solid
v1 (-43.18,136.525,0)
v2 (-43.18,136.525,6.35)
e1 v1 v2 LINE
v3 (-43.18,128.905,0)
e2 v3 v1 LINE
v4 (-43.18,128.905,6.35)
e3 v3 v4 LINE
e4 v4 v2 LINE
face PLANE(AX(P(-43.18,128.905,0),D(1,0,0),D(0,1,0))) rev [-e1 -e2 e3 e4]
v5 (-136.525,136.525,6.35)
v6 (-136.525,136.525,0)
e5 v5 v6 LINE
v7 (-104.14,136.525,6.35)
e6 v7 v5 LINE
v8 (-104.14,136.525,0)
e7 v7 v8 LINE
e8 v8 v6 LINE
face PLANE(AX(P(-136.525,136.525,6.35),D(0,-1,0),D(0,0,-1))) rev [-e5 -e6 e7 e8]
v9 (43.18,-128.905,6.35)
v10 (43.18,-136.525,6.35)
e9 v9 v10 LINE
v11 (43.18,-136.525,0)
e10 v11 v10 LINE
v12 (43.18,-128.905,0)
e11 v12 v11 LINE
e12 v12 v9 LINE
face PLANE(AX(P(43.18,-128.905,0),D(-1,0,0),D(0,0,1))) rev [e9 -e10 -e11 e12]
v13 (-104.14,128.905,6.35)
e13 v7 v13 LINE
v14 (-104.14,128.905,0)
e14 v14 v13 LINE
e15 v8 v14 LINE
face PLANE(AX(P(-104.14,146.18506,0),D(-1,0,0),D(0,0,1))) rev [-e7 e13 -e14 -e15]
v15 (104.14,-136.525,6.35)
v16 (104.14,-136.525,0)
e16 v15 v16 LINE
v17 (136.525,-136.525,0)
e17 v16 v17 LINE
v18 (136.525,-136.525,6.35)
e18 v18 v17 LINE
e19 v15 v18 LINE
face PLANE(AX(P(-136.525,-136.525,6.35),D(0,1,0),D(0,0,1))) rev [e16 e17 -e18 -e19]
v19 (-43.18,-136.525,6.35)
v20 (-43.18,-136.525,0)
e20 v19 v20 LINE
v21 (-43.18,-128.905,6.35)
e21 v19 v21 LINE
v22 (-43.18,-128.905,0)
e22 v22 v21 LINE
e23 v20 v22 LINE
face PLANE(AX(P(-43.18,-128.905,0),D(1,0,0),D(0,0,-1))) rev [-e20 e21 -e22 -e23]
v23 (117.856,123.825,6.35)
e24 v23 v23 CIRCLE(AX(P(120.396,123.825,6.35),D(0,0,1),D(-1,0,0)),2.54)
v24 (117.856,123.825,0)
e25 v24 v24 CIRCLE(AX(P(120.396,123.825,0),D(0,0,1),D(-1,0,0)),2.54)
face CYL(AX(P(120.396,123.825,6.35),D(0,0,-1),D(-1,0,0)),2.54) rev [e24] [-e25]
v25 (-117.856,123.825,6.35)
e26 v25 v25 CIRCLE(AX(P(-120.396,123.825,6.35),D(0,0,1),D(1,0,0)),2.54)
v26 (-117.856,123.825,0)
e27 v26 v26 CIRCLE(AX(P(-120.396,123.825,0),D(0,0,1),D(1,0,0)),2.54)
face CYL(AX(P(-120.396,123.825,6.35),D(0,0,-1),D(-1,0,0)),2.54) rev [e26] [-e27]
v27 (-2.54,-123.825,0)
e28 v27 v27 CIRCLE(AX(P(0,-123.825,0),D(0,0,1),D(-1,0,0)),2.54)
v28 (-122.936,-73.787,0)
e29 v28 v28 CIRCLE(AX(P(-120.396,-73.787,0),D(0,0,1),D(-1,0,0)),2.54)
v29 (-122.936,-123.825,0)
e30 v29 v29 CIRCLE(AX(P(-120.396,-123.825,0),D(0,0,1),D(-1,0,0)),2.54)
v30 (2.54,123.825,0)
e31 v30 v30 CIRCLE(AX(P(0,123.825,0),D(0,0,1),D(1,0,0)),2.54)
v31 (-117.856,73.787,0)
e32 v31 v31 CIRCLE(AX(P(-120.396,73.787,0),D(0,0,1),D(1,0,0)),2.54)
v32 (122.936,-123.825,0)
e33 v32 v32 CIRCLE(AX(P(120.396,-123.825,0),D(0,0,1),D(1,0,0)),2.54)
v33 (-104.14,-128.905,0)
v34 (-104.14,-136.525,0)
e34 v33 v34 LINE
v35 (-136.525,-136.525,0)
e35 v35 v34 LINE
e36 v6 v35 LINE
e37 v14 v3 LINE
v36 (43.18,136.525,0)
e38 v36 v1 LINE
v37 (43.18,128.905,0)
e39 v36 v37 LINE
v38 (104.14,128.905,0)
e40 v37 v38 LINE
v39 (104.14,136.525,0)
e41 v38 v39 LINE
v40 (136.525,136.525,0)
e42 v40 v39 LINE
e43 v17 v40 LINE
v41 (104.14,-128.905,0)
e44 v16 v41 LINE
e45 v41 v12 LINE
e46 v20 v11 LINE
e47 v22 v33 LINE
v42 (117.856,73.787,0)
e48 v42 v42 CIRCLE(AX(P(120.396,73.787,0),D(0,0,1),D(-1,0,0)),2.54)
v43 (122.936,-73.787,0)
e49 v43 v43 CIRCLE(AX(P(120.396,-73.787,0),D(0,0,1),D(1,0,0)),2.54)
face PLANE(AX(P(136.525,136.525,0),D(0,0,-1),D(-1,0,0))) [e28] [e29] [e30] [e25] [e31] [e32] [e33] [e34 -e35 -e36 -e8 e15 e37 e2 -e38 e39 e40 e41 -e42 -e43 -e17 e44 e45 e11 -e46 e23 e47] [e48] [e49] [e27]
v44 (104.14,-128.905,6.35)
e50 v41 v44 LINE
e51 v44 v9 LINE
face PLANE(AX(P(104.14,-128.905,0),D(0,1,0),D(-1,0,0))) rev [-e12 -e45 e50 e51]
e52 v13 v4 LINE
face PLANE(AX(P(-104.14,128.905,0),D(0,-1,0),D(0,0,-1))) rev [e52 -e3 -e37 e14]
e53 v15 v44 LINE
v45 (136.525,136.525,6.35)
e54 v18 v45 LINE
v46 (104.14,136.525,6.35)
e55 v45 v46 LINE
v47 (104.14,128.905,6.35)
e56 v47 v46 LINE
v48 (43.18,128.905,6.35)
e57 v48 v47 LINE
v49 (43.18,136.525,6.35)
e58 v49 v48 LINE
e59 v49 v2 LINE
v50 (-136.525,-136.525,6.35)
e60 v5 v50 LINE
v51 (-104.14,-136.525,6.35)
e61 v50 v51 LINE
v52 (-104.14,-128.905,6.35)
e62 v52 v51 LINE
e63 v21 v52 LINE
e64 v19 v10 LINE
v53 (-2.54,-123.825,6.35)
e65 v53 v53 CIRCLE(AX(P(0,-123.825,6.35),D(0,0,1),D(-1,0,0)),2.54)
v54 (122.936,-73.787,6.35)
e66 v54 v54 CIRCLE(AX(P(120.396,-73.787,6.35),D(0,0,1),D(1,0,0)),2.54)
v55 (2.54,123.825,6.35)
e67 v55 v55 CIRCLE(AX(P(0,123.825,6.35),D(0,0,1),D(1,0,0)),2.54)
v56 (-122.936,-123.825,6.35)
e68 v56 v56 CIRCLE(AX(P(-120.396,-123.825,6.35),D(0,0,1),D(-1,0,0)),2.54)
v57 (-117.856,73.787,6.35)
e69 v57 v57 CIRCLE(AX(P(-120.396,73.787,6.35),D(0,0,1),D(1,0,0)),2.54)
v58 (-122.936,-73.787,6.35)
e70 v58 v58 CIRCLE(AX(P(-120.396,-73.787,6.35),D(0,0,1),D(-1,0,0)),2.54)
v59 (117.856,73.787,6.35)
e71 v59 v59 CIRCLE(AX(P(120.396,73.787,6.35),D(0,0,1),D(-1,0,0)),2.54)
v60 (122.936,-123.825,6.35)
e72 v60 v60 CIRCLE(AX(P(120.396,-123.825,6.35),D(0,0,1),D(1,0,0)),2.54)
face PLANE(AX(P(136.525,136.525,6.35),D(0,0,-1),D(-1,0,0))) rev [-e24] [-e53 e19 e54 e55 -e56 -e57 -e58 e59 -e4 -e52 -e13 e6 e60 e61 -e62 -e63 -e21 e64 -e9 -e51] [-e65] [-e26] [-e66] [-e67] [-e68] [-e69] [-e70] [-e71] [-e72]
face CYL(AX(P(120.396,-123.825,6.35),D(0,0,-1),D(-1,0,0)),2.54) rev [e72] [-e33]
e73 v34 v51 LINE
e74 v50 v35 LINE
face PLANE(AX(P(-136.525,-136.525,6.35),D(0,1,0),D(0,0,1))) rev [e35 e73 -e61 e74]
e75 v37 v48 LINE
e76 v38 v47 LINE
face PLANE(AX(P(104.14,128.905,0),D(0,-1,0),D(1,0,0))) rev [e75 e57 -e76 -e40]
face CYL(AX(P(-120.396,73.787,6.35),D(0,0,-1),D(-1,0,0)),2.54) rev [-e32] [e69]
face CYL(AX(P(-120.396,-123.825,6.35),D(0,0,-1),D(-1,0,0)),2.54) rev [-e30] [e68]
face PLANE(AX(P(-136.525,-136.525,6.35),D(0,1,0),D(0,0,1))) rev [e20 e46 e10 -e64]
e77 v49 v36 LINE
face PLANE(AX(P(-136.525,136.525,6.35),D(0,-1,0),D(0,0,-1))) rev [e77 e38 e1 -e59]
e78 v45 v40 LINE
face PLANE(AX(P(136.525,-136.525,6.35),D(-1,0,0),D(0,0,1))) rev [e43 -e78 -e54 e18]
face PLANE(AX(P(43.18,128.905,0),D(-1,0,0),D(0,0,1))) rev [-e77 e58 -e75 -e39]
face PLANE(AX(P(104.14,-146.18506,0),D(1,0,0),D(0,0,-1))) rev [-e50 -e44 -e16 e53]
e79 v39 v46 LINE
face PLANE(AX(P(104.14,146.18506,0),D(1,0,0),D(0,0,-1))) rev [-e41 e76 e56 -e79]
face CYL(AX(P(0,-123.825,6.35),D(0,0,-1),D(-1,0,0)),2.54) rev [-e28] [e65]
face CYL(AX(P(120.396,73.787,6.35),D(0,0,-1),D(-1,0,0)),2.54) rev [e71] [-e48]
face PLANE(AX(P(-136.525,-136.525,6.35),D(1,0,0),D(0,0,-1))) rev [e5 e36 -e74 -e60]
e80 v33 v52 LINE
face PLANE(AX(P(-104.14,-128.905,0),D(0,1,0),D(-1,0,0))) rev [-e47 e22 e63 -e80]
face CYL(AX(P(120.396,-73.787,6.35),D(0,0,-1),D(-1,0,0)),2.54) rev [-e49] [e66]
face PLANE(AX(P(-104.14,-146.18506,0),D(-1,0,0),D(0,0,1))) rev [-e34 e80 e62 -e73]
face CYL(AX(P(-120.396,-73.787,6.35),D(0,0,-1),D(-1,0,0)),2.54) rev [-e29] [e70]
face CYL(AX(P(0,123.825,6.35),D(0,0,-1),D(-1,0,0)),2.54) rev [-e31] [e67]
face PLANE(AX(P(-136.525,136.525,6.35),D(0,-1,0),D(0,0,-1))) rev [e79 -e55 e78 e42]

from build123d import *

# Parameters (mm, degrees)
SKETCH2_W           = 273.05
SKETCH2_H           = 273.05
SKETCH2_R           = 2.54
BOSS_EXTRUDE1_DEPTH = 6.35
SKETCH3_W           = 60.96
SKETCH3_H           = 17.280059867
CUT_EXTRUDE1_DEPTH  = 194.179899964


with BuildPart() as part:
    # Sketch2 → Boss-Extrude1 (new body)
    with BuildSketch(Plane.XY):
        Rectangle(SKETCH2_W, SKETCH2_H)
        with Locations((-120.396, 123.825)):
            Circle(SKETCH2_R, mode=Mode.SUBTRACT)
        with Locations((-120.396, 73.787)):
            Circle(SKETCH2_R, mode=Mode.SUBTRACT)
        with Locations((0, 123.825)):
            Circle(SKETCH2_R, mode=Mode.SUBTRACT)
        with Locations(Location((120.396, 73.787, 0), (0, 0, 180))):
            Circle(SKETCH2_R, mode=Mode.SUBTRACT)
        with Locations(Location((120.396, 123.825, 0), (0, 0, 180))):
            Circle(SKETCH2_R, mode=Mode.SUBTRACT)
        with Locations((120.396, -123.825)):
            Circle(SKETCH2_R, mode=Mode.SUBTRACT)
        with Locations((120.396, -73.787)):
            Circle(SKETCH2_R, mode=Mode.SUBTRACT)
        with Locations(Location((0, -123.825, 0), (0, 0, 180))):
            Circle(SKETCH2_R, mode=Mode.SUBTRACT)
        with Locations(Location((-120.396, -73.787, 0), (0, 0, 180))):
            Circle(SKETCH2_R, mode=Mode.SUBTRACT)
        with Locations(Location((-120.396, -123.825, 0), (0, 0, 180))):
            Circle(SKETCH2_R, mode=Mode.SUBTRACT)
    extrude(amount=BOSS_EXTRUDE1_DEPTH)

    # Sketch3 → Cut-Extrude1 (cut, through all)
    with BuildSketch(Plane.XY.offset(6.35)):
        with Locations((73.66, 137.545029934)):
            Rectangle(SKETCH3_W, SKETCH3_H)
        with Locations((-73.66, 137.545029934)):
            Rectangle(SKETCH3_W, SKETCH3_H)
        with Locations((-73.66, -137.545029934)):
            Rectangle(SKETCH3_W, SKETCH3_H)
        with Locations((73.66, -137.545029934)):
            Rectangle(SKETCH3_W, SKETCH3_H)
    extrude(amount=-CUT_EXTRUDE1_DEPTH, mode=Mode.SUBTRACT)


solid = part.part
